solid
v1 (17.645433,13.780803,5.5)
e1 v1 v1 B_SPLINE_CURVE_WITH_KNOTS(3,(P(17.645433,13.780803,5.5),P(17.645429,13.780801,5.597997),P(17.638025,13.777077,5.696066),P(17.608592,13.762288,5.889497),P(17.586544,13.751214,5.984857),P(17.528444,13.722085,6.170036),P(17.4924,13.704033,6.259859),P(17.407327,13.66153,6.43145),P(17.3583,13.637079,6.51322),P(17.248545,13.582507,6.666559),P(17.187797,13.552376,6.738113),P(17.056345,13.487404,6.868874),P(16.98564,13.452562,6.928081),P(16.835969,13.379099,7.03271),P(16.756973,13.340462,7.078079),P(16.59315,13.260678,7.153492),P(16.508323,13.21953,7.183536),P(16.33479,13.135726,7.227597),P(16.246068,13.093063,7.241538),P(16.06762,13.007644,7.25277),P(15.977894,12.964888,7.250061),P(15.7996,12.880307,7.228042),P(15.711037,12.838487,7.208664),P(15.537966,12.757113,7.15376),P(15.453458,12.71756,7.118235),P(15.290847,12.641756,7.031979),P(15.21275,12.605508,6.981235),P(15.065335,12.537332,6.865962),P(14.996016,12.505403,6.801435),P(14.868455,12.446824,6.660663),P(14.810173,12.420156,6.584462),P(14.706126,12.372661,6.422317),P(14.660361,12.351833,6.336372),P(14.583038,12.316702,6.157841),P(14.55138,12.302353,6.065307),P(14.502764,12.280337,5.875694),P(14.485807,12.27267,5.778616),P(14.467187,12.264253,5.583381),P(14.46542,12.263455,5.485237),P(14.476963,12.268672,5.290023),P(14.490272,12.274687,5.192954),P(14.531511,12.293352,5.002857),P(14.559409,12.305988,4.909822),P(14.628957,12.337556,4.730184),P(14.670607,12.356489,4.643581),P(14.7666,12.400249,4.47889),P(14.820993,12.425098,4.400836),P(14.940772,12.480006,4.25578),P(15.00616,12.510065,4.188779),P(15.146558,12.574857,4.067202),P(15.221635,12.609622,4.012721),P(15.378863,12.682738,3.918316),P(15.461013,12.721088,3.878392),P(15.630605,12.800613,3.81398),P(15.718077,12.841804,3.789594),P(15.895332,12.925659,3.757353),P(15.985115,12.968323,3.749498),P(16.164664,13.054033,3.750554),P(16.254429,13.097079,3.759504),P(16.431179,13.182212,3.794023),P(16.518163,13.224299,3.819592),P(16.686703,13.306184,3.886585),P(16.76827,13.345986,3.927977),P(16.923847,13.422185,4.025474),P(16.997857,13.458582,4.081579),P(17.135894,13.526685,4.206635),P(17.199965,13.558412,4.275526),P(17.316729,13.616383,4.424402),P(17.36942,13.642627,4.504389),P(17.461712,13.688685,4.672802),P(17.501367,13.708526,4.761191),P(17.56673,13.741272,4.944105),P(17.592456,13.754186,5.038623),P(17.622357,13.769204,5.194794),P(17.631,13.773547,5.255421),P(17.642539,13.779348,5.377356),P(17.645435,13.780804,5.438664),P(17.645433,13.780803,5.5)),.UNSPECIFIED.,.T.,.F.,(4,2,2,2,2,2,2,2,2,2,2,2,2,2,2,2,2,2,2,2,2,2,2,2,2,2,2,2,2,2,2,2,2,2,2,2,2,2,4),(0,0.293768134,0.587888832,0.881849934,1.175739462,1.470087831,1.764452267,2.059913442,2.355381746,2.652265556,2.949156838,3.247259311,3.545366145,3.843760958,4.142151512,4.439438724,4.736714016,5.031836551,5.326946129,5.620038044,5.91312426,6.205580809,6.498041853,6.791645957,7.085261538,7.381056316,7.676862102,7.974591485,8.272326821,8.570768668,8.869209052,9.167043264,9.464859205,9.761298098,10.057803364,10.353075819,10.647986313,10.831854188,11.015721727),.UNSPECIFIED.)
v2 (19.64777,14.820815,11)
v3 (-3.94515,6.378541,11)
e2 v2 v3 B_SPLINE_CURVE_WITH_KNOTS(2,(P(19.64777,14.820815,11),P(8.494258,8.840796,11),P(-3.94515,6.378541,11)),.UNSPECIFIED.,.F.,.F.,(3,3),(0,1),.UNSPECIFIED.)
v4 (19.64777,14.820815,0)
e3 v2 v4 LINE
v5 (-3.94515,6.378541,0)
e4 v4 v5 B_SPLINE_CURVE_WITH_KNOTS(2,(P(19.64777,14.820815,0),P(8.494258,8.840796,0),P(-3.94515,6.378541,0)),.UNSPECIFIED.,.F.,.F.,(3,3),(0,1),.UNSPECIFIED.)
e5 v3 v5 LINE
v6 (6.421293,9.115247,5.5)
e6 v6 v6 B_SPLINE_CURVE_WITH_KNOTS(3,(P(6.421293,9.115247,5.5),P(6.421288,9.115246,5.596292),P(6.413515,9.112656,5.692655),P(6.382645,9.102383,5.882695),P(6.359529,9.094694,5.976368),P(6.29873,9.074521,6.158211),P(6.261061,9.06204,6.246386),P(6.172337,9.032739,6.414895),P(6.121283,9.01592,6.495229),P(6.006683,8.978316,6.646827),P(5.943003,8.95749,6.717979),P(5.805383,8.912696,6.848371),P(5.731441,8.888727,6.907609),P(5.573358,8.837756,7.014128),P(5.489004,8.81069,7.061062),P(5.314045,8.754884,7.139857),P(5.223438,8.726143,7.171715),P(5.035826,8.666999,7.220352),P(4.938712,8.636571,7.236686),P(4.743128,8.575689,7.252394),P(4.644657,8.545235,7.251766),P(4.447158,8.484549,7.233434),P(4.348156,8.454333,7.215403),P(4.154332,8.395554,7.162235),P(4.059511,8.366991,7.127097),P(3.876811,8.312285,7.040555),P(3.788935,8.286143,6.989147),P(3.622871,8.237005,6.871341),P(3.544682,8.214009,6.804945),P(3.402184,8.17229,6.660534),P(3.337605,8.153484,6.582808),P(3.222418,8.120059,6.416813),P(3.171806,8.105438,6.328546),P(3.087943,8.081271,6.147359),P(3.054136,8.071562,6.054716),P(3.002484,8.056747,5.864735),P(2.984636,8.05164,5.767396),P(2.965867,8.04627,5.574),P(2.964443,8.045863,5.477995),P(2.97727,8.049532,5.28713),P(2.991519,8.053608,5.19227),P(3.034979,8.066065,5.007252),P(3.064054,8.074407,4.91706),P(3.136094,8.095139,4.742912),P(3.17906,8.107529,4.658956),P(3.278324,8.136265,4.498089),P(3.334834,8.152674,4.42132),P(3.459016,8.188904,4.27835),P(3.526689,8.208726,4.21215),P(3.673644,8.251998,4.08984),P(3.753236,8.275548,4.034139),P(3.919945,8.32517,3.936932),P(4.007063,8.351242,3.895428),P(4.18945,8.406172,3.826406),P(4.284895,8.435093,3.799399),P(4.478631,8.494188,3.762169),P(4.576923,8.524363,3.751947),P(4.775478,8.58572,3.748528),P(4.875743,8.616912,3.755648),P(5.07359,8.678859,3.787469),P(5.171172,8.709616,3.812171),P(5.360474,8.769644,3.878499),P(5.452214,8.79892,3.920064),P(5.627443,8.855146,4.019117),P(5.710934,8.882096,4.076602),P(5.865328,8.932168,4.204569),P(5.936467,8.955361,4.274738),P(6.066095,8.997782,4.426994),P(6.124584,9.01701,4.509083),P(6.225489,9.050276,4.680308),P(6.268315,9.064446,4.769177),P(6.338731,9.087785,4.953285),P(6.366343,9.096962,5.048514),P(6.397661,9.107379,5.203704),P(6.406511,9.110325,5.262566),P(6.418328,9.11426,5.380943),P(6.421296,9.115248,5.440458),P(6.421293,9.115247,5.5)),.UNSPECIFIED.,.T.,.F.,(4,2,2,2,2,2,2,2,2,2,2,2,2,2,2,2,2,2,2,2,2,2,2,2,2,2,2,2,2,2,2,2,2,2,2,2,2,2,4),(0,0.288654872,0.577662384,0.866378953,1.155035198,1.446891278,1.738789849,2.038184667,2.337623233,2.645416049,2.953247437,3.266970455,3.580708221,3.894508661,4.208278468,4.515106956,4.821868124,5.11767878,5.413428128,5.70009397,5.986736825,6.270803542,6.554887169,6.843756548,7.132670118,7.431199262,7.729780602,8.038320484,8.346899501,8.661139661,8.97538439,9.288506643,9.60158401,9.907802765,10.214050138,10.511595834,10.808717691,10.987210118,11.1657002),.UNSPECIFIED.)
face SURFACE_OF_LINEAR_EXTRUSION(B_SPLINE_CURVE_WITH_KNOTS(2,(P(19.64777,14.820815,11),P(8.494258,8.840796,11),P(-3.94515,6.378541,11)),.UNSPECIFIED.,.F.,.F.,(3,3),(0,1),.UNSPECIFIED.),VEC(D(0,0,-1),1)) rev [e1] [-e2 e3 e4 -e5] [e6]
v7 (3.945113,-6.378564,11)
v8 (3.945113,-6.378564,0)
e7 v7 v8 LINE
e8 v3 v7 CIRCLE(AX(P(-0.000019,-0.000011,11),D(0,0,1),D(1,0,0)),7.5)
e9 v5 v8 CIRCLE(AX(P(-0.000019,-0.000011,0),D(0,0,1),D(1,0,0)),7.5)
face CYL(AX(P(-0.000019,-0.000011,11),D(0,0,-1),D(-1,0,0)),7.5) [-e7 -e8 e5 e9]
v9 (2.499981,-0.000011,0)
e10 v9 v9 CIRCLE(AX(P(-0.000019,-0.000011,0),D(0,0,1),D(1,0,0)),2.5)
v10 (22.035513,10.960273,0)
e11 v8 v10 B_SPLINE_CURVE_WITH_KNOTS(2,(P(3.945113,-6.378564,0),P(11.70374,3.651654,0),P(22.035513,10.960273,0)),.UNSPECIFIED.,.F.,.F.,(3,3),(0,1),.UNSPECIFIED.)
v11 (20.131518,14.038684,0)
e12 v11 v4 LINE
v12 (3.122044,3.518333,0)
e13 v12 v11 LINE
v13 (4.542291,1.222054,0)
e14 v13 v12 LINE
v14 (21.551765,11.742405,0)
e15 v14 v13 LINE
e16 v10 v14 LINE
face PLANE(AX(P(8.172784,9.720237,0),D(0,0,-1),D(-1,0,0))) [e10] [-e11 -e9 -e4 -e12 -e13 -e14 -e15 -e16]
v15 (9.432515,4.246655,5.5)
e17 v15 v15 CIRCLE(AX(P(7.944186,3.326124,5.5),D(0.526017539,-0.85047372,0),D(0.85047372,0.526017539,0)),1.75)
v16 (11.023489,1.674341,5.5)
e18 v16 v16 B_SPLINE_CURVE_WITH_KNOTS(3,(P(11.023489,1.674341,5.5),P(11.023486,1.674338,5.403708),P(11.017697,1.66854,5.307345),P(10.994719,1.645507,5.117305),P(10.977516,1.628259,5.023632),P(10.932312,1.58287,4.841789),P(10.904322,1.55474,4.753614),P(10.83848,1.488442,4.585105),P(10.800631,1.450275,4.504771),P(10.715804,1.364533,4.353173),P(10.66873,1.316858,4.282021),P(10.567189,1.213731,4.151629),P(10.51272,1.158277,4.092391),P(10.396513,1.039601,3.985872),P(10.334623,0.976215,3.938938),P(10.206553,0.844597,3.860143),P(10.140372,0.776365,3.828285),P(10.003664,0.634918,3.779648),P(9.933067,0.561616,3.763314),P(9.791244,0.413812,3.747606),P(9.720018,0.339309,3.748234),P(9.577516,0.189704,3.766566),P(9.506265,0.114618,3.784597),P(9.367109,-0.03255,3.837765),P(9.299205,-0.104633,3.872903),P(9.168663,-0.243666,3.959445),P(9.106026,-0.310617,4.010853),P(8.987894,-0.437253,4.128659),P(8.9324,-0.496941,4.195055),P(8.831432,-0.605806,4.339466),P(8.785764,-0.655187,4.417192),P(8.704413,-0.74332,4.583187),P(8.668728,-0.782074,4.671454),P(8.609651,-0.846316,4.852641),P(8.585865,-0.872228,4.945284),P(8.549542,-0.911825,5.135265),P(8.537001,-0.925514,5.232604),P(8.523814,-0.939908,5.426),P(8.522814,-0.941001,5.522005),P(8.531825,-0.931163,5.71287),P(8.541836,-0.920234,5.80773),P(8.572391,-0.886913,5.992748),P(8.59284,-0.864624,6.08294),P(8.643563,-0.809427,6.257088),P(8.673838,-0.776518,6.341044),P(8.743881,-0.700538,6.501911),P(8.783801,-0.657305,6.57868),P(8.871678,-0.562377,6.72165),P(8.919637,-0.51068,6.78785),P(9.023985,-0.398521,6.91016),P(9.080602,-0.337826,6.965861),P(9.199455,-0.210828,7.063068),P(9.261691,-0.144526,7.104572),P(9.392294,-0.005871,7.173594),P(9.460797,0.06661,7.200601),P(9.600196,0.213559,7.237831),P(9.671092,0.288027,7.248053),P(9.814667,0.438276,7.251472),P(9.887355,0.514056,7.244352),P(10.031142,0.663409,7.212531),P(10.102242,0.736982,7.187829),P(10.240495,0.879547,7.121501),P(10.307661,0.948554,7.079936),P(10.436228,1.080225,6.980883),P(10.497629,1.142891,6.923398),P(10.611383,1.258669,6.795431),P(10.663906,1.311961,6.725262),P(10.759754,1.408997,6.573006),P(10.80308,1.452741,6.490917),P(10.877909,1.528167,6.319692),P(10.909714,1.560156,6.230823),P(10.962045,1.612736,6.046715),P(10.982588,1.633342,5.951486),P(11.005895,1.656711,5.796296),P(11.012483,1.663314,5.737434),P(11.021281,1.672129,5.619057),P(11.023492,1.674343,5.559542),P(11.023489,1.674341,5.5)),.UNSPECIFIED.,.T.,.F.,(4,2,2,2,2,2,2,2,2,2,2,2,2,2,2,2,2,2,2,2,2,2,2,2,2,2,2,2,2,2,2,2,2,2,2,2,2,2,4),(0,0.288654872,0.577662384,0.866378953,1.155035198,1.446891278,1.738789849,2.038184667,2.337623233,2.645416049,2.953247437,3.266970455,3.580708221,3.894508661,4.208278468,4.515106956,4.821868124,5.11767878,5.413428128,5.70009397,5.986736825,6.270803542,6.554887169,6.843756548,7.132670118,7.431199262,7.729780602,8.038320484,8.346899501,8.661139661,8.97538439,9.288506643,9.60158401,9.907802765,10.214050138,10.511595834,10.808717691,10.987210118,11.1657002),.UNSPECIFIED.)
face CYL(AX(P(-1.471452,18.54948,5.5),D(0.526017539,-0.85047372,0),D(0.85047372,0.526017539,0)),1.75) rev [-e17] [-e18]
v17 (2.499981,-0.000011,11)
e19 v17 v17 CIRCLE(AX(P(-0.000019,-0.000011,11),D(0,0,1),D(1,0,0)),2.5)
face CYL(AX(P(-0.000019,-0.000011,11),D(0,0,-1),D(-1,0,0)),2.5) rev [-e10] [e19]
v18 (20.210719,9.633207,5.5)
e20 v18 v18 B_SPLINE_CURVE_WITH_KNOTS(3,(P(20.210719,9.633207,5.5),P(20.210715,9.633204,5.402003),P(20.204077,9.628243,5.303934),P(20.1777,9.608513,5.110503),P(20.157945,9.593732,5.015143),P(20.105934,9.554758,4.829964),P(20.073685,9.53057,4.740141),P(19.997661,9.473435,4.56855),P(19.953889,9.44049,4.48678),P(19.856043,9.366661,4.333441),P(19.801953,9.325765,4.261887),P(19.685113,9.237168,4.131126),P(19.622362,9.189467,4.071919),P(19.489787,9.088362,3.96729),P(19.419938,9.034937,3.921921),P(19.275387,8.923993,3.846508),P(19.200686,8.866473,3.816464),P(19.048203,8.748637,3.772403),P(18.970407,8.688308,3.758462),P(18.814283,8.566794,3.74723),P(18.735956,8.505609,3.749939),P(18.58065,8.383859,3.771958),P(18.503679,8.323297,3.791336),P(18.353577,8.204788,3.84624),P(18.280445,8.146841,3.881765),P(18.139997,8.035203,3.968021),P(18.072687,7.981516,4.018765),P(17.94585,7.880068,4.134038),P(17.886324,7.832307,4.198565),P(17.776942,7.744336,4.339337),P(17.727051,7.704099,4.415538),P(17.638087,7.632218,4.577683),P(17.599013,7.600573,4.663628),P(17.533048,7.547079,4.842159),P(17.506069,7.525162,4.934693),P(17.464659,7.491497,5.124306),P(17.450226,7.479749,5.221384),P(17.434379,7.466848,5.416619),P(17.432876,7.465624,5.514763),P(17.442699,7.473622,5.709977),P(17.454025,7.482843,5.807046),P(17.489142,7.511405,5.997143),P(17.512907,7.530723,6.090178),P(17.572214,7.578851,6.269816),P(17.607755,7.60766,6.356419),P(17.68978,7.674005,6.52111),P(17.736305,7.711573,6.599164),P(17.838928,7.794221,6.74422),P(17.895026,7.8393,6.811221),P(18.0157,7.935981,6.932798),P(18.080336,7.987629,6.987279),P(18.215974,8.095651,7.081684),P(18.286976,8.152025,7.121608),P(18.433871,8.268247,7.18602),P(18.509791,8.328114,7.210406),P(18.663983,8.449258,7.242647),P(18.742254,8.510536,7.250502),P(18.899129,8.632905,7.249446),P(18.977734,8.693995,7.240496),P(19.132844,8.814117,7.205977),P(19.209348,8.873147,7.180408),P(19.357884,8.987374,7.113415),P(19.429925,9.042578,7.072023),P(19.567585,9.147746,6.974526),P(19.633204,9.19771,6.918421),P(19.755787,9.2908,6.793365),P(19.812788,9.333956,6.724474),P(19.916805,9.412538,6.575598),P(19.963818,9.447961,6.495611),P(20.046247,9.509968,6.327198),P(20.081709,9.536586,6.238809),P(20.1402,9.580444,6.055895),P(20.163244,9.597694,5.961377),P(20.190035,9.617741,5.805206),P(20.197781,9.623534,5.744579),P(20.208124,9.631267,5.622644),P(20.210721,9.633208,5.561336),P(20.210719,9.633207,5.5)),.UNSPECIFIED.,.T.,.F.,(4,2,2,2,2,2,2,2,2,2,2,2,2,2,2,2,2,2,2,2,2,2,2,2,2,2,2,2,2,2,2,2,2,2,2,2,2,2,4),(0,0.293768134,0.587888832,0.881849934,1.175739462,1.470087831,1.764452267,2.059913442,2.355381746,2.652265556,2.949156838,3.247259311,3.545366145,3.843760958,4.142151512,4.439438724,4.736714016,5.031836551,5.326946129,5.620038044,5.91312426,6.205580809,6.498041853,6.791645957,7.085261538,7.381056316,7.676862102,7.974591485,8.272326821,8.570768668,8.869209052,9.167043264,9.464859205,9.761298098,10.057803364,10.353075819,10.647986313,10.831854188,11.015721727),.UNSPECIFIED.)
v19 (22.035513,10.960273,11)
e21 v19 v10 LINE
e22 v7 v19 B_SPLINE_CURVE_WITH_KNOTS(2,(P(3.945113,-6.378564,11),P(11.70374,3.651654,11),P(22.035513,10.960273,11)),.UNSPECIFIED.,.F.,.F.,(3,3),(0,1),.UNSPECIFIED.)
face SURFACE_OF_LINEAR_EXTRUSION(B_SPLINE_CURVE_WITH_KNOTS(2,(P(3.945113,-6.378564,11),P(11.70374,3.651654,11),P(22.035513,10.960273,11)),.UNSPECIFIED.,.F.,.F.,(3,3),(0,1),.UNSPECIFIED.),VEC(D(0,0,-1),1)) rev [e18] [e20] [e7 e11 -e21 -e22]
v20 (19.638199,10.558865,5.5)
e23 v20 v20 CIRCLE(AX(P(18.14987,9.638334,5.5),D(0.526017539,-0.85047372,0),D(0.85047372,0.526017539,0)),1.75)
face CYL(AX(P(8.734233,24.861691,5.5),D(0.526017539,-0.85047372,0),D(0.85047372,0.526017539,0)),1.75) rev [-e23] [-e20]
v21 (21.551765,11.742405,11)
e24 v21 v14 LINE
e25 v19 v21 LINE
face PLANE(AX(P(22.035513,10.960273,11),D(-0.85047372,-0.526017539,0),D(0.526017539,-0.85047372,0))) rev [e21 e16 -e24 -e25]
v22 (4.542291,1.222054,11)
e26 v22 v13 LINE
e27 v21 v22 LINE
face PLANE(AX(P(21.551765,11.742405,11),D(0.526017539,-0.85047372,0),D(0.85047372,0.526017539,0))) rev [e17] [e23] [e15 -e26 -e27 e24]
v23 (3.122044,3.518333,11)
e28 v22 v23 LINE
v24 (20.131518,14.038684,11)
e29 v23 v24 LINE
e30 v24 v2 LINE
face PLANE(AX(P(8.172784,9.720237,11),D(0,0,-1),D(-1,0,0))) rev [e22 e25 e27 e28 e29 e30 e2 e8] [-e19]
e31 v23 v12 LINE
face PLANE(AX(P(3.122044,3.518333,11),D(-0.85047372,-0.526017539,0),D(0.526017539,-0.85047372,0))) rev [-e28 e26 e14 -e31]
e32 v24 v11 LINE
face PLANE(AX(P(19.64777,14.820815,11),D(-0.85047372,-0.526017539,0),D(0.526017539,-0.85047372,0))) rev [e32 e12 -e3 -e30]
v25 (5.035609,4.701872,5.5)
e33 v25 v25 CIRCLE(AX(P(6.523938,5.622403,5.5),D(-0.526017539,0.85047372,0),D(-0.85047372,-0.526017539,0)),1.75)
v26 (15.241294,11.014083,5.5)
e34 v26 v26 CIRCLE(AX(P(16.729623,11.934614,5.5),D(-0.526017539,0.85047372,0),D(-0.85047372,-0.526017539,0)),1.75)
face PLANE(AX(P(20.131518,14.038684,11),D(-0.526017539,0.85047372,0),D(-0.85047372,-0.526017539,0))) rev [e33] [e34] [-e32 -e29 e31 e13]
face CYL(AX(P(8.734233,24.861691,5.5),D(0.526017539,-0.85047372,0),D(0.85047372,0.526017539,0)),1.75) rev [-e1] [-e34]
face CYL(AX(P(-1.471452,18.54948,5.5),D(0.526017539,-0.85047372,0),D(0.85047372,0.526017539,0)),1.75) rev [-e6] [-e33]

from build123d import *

# Parameters (mm, degrees)
SKETCH2_R           = 2.5
BOSS_EXTRUDE1_DEPTH = 11
SKETCH3_R           = 1.75
CUT_EXTRUDE1_DEPTH  = 30.961226777


with BuildPart() as part:
    # Sketch2 → Boss-Extrude1 (new body)
    with BuildSketch(Plane.XY):
        with BuildLine():
            Line((19.64777021, 14.82081493), (20.13151796, 14.038683694))
            Line((20.13151796, 14.038683694), (3.122043563, 3.518332904))
            Line((3.122043563, 3.518332904), (4.542290919, 1.222053861))
            Line((4.542290919, 1.222053861), (21.551765317, 11.74240465))
            Line((21.551765317, 11.74240465), (22.035513067, 10.960273414))
            add(Edge.make_bspline(
                [(3.945113039, -6.378564346), (11.703739539, 3.65165423), (22.035513067, 10.960273414)],
                knots=[0, 0, 0, 1, 1, 1], degree=2))
            ThreePointArc((3.945113039, -6.378564346), (-6.378571406, -3.945142993), (-3.945150053, 6.378541452))
            add(Edge.make_bspline(
                [(-3.945150053, 6.378541452), (8.494257916, 8.84079636), (19.64777021, 14.82081493)],
                knots=[0, 0, 0, 1, 1, 1], degree=2))
        make_face()
        with Locations((-1.8507e-05, -1.1447e-05)):
            Circle(SKETCH2_R, mode=Mode.SUBTRACT)
    extrude(amount=BOSS_EXTRUDE1_DEPTH)

    # Sketch3 → Cut-Extrude1 (cut, through all)
    with BuildSketch(Plane(origin=(3.945131546, -6.378552899, 0), x_dir=(0, 0, -1), z_dir=(0.5260175394579771, -0.8504737198659202, 0))):
        with Locations(Location((-5.5, 20.50592082, 0), (0, 0, 90))):
            Circle(SKETCH3_R)
        with Locations(Location((-5.5, 8.50592082, 0), (0, 0, 90))):
            Circle(SKETCH3_R)
    extrude(amount=-CUT_EXTRUDE1_DEPTH, mode=Mode.SUBTRACT)


solid = part.part
